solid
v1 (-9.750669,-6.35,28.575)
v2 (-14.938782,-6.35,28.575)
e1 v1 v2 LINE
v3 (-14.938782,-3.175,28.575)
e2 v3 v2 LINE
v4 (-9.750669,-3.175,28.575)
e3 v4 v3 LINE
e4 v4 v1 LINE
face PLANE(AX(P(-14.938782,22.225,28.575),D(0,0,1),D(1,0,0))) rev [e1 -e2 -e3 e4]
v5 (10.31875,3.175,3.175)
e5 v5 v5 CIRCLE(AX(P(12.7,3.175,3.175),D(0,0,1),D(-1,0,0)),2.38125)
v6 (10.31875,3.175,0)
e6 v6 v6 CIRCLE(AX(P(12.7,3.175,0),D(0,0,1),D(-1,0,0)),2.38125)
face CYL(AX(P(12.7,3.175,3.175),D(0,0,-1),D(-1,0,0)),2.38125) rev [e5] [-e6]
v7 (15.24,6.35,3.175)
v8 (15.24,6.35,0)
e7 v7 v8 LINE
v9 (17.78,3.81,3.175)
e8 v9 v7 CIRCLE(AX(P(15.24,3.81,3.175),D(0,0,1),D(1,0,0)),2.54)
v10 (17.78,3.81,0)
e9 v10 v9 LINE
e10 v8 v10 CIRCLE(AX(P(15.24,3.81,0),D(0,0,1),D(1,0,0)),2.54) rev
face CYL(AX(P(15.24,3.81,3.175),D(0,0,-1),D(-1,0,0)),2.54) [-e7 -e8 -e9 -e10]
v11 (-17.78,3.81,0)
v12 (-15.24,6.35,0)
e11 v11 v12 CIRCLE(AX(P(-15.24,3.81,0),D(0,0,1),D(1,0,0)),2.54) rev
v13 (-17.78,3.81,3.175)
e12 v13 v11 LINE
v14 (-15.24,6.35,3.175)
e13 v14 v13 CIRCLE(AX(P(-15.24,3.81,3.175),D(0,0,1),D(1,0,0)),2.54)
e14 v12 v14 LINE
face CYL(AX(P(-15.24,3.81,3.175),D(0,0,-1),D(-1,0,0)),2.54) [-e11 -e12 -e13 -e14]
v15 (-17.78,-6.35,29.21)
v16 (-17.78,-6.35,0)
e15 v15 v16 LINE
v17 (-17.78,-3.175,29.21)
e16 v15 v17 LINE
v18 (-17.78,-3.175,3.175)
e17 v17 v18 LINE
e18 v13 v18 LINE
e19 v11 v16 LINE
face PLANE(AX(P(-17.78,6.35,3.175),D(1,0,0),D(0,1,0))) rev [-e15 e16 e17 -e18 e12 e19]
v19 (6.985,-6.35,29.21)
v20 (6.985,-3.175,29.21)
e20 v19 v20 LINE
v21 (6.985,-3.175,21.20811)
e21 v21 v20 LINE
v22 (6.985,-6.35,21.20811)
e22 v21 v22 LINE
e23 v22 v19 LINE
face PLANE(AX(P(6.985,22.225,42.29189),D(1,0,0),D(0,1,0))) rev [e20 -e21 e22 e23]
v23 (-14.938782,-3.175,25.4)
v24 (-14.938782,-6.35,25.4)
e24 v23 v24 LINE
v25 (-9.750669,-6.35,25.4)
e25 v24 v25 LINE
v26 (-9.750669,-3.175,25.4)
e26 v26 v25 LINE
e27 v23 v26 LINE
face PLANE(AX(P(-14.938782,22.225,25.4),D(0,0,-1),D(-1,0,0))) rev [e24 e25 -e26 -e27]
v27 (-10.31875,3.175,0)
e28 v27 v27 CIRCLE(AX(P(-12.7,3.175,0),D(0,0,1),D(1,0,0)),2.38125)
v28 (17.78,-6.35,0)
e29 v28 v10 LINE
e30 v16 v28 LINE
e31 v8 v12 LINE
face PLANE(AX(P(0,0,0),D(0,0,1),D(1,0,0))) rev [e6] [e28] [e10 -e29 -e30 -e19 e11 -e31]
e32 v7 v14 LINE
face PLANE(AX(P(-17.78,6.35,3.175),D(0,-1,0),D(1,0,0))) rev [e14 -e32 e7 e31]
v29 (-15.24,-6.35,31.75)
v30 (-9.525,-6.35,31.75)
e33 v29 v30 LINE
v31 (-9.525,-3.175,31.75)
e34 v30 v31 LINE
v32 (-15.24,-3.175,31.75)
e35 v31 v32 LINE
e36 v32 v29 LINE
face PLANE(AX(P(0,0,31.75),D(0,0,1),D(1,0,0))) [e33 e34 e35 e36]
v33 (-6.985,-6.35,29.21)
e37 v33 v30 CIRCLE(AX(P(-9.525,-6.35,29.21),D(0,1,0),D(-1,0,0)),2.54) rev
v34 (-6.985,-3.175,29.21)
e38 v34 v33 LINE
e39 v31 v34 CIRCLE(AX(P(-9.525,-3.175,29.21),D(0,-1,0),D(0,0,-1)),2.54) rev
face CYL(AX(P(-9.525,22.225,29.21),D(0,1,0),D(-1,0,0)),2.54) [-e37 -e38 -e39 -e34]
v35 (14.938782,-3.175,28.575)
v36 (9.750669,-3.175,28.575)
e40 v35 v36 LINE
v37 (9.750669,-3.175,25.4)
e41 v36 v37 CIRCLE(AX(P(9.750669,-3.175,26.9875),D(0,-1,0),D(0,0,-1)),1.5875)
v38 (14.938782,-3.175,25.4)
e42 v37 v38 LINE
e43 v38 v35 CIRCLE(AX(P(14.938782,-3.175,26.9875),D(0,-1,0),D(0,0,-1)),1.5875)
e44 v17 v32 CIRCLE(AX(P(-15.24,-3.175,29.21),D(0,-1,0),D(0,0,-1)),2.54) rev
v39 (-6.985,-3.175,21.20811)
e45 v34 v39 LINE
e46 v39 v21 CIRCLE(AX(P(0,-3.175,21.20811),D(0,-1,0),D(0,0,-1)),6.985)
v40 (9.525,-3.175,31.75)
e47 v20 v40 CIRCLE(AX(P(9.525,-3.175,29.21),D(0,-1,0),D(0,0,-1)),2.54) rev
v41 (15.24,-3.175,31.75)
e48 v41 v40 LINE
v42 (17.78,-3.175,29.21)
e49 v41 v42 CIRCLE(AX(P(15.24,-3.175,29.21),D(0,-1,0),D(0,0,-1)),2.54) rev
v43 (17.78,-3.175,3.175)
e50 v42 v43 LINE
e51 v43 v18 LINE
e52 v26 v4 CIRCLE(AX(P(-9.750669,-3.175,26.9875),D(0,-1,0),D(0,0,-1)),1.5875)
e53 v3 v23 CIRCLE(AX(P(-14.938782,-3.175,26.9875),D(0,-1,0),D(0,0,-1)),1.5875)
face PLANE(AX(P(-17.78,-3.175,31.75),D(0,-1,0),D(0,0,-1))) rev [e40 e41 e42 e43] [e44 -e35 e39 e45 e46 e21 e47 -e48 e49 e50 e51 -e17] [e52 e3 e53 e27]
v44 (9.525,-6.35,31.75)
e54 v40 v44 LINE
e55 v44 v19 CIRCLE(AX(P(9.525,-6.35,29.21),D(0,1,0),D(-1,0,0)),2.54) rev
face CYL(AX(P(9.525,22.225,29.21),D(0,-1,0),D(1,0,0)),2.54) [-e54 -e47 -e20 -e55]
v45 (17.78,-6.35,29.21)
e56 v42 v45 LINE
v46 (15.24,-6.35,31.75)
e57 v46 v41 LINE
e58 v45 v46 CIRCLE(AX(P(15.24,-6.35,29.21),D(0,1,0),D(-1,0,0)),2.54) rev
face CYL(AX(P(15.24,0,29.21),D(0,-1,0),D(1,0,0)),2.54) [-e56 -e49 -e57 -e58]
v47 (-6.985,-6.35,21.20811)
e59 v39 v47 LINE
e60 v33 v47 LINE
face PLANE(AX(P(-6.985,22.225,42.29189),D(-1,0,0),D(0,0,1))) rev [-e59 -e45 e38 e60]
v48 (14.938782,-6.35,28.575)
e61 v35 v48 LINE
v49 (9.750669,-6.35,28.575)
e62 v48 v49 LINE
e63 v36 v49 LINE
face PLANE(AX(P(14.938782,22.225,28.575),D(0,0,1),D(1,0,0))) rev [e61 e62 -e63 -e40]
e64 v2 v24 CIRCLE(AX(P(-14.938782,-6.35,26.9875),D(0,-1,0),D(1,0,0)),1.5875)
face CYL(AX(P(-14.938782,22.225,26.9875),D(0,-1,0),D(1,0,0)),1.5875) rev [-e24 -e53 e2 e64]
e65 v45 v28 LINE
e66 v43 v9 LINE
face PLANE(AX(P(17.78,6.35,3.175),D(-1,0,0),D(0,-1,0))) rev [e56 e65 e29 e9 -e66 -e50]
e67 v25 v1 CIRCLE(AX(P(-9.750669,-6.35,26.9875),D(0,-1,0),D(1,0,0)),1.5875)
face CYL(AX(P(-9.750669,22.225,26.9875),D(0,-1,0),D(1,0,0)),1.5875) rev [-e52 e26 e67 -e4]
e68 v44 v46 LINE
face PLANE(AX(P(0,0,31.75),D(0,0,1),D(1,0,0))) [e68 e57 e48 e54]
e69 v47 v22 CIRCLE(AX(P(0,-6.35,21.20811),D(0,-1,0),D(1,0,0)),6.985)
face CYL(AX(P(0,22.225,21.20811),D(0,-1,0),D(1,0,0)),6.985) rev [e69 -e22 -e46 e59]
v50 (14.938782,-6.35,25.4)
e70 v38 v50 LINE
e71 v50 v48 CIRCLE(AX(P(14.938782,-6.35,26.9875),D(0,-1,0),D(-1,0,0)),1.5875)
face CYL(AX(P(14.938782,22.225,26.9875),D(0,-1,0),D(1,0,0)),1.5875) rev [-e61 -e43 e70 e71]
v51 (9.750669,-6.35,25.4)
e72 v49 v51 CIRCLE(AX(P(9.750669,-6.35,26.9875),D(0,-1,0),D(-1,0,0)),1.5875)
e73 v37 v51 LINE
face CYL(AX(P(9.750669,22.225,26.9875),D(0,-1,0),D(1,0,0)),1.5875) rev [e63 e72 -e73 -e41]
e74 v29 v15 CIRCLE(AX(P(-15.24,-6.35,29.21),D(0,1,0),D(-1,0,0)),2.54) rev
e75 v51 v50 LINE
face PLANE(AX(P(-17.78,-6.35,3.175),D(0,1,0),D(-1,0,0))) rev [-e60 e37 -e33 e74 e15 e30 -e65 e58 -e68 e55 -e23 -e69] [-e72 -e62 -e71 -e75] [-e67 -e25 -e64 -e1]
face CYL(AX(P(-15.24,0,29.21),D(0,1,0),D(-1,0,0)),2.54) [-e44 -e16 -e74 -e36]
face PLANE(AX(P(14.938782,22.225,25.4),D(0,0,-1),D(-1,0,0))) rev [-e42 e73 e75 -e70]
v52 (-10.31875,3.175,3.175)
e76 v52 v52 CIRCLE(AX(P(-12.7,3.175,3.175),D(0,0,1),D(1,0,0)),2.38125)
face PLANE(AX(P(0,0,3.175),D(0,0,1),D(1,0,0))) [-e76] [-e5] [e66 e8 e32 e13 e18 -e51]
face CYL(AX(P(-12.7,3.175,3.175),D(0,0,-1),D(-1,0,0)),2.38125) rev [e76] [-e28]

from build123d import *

# Parameters (mm, degrees)
SKETCH1_W           = 35.56
SKETCH1_H           = 12.7
SKETCH1_R           = 2.38125
BOSS_EXTRUDE1_DEPTH = 3.175
SKETCH7_W           = 35.56
SKETCH7_H           = 3.175
BOSS_EXTRUDE3_DEPTH = 28.575
CUT_EXTRUDE6_DEPTH  = 28.575
FILLET3_R           = 2.54


with BuildPart() as part:
    # Sketch1 → Boss-Extrude1 (new body)
    with BuildSketch(Plane.XY):
        Rectangle(SKETCH1_W, SKETCH1_H)
        with Locations((-12.7, 3.175)):
            Circle(SKETCH1_R, mode=Mode.SUBTRACT)
        with Locations((12.7, 3.175)):
            Circle(SKETCH1_R, mode=Mode.SUBTRACT)
    extrude(amount=BOSS_EXTRUDE1_DEPTH)

    # Sketch7 → Boss-Extrude3 (add)
    with BuildSketch(Plane.XY.offset(3.175)):
        with Locations((0, -4.7625)):
            Rectangle(SKETCH7_W, SKETCH7_H)
    extrude(amount=BOSS_EXTRUDE3_DEPTH)

    # Sketch11 → Cut-Extrude6 (cut)
    with BuildSketch(Plane.XZ.offset(6.35)):
        with BuildLine():
            Line((-6.985, 42.291890454), (6.985, 42.291890454))
            Line((6.985, 42.291890454), (6.985, 21.208109546))
            ThreePointArc((6.985, 21.208109546), (0, 14.223109546), (-6.985, 21.208109546))
            Line((-6.985, 21.208109546), (-6.985, 42.291890454))
        make_face()
        with BuildLine():
            Line((-14.938781825, 28.575), (-9.750668862, 28.575))
            ThreePointArc((-9.750668862, 28.575), (-8.163168862, 26.9875), (-9.750668862, 25.4))
            Line((-9.750668862, 25.4), (-14.938781825, 25.4))
            ThreePointArc((-14.938781825, 25.4), (-16.526281825, 26.9875), (-14.938781825, 28.575))
        make_face()
        with BuildLine():
            Line((14.938781825, 28.575), (9.750668862, 28.575))
            ThreePointArc((9.750668862, 28.575), (8.163168862, 26.9875), (9.750668862, 25.4))
            Line((9.750668862, 25.4), (14.938781825, 25.4))
            ThreePointArc((14.938781825, 25.4), (16.526281825, 26.9875), (14.938781825, 28.575))
        make_face()
    extrude(amount=-CUT_EXTRUDE6_DEPTH, mode=Mode.SUBTRACT)

    # Fillet3
    fillet3_edges = [part.edges().sort_by_distance(p)[0] for p in [
        (6.985, -4.7625, 31.75),
        (17.78, -4.7625, 31.75),
        (-6.985, -4.7625, 31.75),
        (-17.78, -4.7625, 31.75),
        (-17.78, 6.35, 1.5875),
        (17.78, 6.35, 1.5875),
    ]]
    fillet(fillet3_edges, radius=FILLET3_R)


solid = part.part
